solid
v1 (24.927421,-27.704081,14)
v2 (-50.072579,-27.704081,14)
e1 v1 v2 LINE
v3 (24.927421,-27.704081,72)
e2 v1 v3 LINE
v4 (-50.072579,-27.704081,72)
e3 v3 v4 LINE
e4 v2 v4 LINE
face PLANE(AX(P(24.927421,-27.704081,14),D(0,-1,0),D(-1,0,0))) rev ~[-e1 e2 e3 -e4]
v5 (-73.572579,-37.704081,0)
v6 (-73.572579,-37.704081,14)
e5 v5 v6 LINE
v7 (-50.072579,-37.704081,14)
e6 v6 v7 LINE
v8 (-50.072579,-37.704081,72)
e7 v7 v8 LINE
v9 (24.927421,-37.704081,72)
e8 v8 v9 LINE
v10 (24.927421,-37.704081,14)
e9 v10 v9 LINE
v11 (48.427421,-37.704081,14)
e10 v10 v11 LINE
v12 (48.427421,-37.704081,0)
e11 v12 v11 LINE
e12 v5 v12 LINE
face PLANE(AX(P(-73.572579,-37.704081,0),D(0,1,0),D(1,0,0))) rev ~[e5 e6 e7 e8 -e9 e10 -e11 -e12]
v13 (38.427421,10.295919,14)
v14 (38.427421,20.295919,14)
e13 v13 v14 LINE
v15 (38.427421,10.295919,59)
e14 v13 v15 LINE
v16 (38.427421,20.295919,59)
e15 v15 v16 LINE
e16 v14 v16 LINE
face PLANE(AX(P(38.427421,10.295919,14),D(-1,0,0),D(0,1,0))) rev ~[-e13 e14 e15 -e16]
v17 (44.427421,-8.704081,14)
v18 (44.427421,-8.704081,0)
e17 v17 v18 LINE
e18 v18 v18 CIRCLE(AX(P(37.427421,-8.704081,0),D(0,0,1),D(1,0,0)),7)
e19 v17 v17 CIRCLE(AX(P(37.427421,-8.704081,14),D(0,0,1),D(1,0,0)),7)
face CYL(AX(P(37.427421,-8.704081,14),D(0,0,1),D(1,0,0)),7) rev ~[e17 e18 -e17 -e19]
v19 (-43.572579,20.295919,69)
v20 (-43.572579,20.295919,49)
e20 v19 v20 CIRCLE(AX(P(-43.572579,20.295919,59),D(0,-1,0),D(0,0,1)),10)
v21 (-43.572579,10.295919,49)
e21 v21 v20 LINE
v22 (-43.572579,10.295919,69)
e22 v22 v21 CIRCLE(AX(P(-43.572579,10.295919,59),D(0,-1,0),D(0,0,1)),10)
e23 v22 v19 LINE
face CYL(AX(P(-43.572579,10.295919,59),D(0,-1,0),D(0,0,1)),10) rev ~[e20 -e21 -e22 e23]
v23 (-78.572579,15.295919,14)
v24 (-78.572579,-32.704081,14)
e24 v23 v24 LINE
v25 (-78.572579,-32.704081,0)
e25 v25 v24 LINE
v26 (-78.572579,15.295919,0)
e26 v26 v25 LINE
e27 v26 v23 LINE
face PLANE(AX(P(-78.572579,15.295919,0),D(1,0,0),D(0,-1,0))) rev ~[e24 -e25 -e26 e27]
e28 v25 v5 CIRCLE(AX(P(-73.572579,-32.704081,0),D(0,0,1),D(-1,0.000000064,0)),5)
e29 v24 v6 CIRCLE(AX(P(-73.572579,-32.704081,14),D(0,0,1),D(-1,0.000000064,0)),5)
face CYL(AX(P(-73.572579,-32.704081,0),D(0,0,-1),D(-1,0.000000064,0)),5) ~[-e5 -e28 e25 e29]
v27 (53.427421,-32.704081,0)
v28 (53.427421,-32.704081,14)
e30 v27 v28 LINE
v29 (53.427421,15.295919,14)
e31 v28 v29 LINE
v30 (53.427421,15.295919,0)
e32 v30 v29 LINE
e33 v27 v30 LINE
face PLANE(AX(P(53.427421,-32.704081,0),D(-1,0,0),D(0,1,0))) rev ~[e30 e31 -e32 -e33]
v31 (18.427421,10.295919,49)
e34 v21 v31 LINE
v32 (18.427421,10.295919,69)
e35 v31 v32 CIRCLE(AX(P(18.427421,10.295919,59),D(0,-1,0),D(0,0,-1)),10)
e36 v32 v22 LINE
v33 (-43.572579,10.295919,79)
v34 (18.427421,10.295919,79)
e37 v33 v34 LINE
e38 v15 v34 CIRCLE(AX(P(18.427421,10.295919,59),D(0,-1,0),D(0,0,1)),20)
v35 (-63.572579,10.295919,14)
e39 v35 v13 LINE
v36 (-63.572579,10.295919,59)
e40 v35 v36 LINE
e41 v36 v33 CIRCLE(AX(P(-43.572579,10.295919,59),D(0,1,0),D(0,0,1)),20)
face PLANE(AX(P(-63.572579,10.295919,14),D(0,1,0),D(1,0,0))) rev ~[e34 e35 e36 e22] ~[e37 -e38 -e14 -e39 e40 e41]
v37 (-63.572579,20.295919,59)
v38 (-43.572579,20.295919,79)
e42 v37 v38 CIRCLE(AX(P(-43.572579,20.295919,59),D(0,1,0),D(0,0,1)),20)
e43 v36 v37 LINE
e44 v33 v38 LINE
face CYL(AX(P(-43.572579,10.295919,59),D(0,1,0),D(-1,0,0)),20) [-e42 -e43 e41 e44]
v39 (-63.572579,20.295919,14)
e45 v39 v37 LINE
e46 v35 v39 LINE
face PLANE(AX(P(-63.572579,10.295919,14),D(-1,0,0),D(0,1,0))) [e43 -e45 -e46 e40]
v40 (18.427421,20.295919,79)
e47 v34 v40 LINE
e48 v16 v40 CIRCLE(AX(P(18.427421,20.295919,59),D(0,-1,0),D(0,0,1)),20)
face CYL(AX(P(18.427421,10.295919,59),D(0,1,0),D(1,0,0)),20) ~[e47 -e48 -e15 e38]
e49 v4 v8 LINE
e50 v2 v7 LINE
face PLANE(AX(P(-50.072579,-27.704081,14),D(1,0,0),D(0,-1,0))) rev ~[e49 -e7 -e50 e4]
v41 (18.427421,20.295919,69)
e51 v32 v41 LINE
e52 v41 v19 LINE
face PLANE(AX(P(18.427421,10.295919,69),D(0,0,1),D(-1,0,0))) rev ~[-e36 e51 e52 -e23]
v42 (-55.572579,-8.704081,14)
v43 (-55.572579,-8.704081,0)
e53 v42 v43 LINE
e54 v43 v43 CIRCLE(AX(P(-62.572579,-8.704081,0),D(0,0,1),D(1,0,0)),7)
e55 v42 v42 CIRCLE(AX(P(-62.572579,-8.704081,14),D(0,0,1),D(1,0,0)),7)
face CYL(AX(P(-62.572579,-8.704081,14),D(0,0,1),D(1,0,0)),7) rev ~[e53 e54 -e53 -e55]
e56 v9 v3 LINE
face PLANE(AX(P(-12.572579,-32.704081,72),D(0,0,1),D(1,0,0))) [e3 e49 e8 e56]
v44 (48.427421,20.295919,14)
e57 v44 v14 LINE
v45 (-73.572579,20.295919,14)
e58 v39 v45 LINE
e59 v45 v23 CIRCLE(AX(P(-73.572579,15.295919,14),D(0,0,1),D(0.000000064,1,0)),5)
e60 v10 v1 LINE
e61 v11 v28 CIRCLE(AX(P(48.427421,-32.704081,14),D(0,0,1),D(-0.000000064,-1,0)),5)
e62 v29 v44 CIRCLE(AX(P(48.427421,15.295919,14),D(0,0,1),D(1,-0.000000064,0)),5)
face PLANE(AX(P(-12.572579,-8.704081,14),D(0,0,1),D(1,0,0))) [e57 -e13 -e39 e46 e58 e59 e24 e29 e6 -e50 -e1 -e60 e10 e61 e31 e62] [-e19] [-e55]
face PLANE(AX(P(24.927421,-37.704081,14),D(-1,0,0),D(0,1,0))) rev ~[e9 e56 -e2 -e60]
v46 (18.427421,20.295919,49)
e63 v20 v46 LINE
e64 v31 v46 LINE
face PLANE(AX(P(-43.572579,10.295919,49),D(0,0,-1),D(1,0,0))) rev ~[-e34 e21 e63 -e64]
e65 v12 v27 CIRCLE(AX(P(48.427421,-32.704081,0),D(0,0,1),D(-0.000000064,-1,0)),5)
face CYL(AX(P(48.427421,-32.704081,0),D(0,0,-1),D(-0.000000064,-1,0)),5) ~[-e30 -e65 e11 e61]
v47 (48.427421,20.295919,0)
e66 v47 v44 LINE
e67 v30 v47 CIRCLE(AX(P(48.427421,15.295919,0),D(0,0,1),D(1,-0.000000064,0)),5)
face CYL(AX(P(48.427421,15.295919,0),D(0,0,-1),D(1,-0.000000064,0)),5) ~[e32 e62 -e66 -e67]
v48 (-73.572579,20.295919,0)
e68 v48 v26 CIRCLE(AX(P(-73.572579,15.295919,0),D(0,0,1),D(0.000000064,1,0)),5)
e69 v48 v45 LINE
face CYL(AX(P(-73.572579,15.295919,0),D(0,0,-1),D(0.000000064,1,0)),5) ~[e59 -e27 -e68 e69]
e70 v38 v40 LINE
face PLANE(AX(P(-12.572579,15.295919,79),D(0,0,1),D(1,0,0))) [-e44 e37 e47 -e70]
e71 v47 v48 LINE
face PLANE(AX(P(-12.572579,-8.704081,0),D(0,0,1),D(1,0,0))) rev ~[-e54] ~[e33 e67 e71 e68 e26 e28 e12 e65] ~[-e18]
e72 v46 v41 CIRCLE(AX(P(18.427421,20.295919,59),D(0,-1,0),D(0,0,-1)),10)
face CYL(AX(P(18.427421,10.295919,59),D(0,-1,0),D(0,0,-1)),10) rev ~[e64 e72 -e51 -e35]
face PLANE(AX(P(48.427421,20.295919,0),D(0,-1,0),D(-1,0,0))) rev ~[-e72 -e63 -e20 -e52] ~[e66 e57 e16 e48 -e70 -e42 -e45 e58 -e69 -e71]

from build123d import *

# Parameters (mm, degrees)
F1_DEPTH  = 14
F2_W      = 102
F2_H      = 10
F3_DEPTH  = 65
F4_R      = 20
F6_DEPTH  = 10
F7_R      = 7
F8_DEPTH  = 14
F9_R      = 7
F10_DEPTH = 14
F12_DEPTH = 58


with BuildPart() as f1:
    # F0 (on Top) → F1 (new body)
    with BuildSketch(Plane.XY):
        with BuildLine():
            ThreePointArc((-78.572579, -32.704081), (-77.108113, -36.239615), (-73.572579, -37.704081))
            Line((-73.572579, -37.704081), (48.427421, -37.704081))
            ThreePointArc((48.427421, -37.704081), (51.962955, -36.239615), (53.427421, -32.704081))
            Line((53.427421, -32.704081), (53.427421, 15.295919))
            ThreePointArc((53.427421, 15.295919), (51.962955, 18.831453), (48.427421, 20.295919))
            Line((48.427421, 20.295919), (-73.572579, 20.295919))
            ThreePointArc((-73.572579, 20.295919), (-77.108113, 18.831453), (-78.572579, 15.295919))
            Line((-78.572579, 15.295919), (-78.572579, -32.704081))
        make_face()
    extrude(amount=F1_DEPTH)

    # F2 (on face) → F3 (join)
    with BuildSketch(Plane.XY.offset(14)):
        with Locations((-12.572579, 15.295919)):
            Rectangle(F2_W, F2_H)
    extrude(amount=F3_DEPTH)

    # F4
    f4_edges = [f1.edges().sort_by_distance(p)[0] for p in [
        (-63.572579, 15.295919, 79),
        (38.427421, 15.295919, 79),
    ]]
    fillet(f4_edges, radius=F4_R)

    # F5 (on face) → F6 (cut)
    with BuildSketch(Plane.XZ.offset(-10.295919)):
        with BuildLine():
            Line((18.427421, 69), (-43.572579, 69))
            ThreePointArc((-43.572579, 69), (-53.572579, 59), (-43.572579, 49))
            Line((-43.572579, 49), (18.427421, 49))
            ThreePointArc((18.427421, 49), (28.427421, 59), (18.427421, 69))
        make_face()
    extrude(amount=-F6_DEPTH, mode=Mode.SUBTRACT)

    # F7 (on face) → F8 (cut)
    with BuildSketch(Plane.XY.offset(14)):
        with Locations((-62.572579, -8.704081)):
            Circle(F7_R)
    extrude(amount=-F8_DEPTH, mode=Mode.SUBTRACT)

    # F9 (on face) → F10 (cut)
    with BuildSketch(Plane.XY.offset(14)):
        with Locations((37.427421, -8.704081)):
            Circle(F9_R)
    extrude(amount=-F10_DEPTH, mode=Mode.SUBTRACT)

    # F11 (on face) → F12 (join)
    with BuildSketch(Plane.XY.offset(14)):
        Polygon((-50.072579, -37.704081), (-12.572579, -37.704081), (24.927421, -37.704081), (24.927421, -27.704081), (-50.072579, -27.704081), align=None)
    extrude(amount=F12_DEPTH)


solid = f1.part
